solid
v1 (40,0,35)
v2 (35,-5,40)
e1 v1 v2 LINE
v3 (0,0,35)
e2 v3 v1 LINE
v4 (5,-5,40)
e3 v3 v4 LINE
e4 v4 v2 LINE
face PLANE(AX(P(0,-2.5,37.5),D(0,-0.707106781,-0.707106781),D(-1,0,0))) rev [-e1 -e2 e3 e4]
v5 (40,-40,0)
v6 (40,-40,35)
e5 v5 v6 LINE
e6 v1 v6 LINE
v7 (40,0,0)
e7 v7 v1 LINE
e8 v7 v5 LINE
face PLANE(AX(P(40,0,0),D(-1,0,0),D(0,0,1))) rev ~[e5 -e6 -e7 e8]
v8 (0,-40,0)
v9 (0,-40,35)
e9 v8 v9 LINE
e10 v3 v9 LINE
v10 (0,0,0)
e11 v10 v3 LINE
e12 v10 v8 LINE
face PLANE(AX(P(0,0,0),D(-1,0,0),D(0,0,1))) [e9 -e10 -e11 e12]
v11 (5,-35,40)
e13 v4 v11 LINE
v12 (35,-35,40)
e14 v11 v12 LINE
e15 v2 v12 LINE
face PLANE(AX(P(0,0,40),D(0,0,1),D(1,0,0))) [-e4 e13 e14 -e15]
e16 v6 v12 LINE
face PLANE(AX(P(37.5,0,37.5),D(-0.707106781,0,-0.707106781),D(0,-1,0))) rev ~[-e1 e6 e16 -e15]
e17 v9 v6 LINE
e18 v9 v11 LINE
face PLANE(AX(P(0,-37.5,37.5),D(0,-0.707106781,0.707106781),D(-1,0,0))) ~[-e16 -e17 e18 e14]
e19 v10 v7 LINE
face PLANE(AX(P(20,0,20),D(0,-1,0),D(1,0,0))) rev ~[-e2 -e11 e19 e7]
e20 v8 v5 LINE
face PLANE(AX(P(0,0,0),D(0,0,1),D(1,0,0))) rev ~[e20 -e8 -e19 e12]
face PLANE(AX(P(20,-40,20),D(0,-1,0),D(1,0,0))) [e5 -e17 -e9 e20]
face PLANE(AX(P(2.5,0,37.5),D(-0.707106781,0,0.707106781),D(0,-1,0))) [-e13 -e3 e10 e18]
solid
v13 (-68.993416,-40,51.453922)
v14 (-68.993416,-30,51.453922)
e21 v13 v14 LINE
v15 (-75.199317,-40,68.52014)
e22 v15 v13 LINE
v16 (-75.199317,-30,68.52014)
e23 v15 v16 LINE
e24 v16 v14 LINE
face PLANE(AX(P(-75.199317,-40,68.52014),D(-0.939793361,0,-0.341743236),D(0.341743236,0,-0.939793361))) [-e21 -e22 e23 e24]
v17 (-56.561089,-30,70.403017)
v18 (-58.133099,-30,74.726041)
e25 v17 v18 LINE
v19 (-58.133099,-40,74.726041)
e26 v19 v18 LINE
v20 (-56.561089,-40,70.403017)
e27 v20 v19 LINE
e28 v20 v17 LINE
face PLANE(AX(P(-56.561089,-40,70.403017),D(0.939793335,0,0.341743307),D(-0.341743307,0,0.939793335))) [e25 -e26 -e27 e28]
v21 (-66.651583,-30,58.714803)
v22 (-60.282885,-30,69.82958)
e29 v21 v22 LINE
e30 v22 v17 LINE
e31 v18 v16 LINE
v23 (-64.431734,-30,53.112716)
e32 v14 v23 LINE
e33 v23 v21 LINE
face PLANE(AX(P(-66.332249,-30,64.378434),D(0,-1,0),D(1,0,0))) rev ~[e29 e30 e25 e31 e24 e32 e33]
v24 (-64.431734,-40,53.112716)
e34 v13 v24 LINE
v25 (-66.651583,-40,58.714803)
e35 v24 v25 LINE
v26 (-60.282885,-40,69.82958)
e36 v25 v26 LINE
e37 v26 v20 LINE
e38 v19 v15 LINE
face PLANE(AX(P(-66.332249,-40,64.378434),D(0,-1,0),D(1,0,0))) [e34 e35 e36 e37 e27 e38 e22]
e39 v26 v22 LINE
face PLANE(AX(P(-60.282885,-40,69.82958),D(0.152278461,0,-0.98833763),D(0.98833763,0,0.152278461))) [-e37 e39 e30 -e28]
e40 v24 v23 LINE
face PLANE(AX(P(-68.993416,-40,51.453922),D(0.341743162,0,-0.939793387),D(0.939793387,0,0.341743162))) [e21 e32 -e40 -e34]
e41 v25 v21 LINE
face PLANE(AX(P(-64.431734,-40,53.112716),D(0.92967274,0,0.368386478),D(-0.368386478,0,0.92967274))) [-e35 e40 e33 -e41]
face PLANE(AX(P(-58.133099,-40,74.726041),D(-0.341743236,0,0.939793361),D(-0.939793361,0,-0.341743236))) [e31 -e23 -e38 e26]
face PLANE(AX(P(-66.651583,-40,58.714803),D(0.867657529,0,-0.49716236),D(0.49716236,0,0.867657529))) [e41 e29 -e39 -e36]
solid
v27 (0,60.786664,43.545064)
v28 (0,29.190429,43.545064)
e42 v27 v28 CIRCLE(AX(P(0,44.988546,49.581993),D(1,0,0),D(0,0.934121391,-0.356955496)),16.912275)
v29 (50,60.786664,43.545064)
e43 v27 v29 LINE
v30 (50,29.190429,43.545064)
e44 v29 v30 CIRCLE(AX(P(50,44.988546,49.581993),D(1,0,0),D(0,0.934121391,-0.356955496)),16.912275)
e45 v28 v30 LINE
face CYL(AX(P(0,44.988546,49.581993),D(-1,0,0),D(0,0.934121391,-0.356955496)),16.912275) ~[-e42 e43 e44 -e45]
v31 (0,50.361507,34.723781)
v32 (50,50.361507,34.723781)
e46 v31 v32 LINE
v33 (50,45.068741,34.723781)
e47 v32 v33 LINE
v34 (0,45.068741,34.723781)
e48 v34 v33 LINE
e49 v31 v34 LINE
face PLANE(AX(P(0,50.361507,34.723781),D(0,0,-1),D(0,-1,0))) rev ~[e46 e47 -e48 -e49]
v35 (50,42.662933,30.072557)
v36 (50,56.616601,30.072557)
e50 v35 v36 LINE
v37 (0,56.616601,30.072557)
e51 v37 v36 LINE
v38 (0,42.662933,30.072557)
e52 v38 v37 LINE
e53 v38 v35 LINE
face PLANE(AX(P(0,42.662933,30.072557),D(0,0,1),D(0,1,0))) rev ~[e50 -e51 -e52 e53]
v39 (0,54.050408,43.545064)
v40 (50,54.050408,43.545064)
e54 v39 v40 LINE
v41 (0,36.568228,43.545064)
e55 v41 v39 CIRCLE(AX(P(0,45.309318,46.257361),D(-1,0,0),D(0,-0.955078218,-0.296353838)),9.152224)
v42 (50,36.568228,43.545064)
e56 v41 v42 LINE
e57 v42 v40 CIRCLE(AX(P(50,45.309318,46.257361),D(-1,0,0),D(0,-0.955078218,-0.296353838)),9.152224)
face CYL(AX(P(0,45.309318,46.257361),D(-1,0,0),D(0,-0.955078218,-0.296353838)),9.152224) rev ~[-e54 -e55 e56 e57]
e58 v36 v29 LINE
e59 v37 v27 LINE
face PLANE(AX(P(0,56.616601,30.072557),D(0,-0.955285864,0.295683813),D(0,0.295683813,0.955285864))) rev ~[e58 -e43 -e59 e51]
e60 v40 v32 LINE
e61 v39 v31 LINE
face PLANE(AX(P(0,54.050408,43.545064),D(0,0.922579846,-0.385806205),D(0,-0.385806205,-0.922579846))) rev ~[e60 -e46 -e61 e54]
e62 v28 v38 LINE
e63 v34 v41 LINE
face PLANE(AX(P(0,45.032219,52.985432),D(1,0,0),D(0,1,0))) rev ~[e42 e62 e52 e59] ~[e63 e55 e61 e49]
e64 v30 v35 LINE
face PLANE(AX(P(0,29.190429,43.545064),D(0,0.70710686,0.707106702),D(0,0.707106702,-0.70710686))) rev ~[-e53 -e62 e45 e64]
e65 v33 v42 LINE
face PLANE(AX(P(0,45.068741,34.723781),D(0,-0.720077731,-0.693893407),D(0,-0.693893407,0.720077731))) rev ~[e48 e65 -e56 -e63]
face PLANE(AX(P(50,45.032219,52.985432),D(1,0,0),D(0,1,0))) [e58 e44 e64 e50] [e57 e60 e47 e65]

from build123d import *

# Parameters (mm, degrees)
F0_W     = 40
F0_H     = 40
F1_DEPTH = 40
F3_DEPTH = 10
F5_DEPTH = 50
F6_SIZE  = 5


with BuildPart() as f1:
    # F0 (on Front) → F1 (new body)
    with BuildSketch(Plane.XZ):
        with Locations((20, 20)):
            Rectangle(F0_W, F0_H)
    extrude(amount=F1_DEPTH)

    # F6
    f6_edges = [f1.edges().sort_by_distance(p)[0] for p in [
        (40, -20, 40),
        (0, -20, 40),
        (20, 0, 40),
        (20, -40, 40),
    ]]
    chamfer(f6_edges, length=F6_SIZE)


with BuildPart() as f3:
    # F2 (on face) → F3 (new body)
    with BuildSketch(Plane.XZ.offset(40)):
        Polygon((-68.993416, 51.453922), (-64.431734, 53.112716), (-66.651583, 58.714803), (-60.282885, 69.82958), (-56.561089, 70.403017), (-58.133099, 74.726041), (-75.199317, 68.52014), align=None)
    extrude(amount=-F3_DEPTH)


with BuildPart() as f5:
    # F4 (on Right) → F5 (new body)
    with BuildSketch(Plane.YZ):
        with BuildLine():
            Line((54.050408, 43.545064), (60.786664, 43.545064))
            ThreePointArc((60.786664, 43.545064), (44.988547, 66.494268), (29.190429, 43.545064))
            Line((29.190429, 43.545064), (36.568228, 43.545064))
            ThreePointArc((36.568228, 43.545064), (45.309318, 55.409585), (54.050408, 43.545064))
        make_face()
        Polygon((56.616601, 30.072557), (60.786664, 43.545064), (54.050408, 43.545064), (50.361507, 34.723781), (45.068741, 34.723781), (36.568228, 43.545064), (29.190429, 43.545064), (42.662933, 30.072557), align=None)
    extrude(amount=F5_DEPTH)


solid = Compound([f1.part, f3.part, f5.part])
